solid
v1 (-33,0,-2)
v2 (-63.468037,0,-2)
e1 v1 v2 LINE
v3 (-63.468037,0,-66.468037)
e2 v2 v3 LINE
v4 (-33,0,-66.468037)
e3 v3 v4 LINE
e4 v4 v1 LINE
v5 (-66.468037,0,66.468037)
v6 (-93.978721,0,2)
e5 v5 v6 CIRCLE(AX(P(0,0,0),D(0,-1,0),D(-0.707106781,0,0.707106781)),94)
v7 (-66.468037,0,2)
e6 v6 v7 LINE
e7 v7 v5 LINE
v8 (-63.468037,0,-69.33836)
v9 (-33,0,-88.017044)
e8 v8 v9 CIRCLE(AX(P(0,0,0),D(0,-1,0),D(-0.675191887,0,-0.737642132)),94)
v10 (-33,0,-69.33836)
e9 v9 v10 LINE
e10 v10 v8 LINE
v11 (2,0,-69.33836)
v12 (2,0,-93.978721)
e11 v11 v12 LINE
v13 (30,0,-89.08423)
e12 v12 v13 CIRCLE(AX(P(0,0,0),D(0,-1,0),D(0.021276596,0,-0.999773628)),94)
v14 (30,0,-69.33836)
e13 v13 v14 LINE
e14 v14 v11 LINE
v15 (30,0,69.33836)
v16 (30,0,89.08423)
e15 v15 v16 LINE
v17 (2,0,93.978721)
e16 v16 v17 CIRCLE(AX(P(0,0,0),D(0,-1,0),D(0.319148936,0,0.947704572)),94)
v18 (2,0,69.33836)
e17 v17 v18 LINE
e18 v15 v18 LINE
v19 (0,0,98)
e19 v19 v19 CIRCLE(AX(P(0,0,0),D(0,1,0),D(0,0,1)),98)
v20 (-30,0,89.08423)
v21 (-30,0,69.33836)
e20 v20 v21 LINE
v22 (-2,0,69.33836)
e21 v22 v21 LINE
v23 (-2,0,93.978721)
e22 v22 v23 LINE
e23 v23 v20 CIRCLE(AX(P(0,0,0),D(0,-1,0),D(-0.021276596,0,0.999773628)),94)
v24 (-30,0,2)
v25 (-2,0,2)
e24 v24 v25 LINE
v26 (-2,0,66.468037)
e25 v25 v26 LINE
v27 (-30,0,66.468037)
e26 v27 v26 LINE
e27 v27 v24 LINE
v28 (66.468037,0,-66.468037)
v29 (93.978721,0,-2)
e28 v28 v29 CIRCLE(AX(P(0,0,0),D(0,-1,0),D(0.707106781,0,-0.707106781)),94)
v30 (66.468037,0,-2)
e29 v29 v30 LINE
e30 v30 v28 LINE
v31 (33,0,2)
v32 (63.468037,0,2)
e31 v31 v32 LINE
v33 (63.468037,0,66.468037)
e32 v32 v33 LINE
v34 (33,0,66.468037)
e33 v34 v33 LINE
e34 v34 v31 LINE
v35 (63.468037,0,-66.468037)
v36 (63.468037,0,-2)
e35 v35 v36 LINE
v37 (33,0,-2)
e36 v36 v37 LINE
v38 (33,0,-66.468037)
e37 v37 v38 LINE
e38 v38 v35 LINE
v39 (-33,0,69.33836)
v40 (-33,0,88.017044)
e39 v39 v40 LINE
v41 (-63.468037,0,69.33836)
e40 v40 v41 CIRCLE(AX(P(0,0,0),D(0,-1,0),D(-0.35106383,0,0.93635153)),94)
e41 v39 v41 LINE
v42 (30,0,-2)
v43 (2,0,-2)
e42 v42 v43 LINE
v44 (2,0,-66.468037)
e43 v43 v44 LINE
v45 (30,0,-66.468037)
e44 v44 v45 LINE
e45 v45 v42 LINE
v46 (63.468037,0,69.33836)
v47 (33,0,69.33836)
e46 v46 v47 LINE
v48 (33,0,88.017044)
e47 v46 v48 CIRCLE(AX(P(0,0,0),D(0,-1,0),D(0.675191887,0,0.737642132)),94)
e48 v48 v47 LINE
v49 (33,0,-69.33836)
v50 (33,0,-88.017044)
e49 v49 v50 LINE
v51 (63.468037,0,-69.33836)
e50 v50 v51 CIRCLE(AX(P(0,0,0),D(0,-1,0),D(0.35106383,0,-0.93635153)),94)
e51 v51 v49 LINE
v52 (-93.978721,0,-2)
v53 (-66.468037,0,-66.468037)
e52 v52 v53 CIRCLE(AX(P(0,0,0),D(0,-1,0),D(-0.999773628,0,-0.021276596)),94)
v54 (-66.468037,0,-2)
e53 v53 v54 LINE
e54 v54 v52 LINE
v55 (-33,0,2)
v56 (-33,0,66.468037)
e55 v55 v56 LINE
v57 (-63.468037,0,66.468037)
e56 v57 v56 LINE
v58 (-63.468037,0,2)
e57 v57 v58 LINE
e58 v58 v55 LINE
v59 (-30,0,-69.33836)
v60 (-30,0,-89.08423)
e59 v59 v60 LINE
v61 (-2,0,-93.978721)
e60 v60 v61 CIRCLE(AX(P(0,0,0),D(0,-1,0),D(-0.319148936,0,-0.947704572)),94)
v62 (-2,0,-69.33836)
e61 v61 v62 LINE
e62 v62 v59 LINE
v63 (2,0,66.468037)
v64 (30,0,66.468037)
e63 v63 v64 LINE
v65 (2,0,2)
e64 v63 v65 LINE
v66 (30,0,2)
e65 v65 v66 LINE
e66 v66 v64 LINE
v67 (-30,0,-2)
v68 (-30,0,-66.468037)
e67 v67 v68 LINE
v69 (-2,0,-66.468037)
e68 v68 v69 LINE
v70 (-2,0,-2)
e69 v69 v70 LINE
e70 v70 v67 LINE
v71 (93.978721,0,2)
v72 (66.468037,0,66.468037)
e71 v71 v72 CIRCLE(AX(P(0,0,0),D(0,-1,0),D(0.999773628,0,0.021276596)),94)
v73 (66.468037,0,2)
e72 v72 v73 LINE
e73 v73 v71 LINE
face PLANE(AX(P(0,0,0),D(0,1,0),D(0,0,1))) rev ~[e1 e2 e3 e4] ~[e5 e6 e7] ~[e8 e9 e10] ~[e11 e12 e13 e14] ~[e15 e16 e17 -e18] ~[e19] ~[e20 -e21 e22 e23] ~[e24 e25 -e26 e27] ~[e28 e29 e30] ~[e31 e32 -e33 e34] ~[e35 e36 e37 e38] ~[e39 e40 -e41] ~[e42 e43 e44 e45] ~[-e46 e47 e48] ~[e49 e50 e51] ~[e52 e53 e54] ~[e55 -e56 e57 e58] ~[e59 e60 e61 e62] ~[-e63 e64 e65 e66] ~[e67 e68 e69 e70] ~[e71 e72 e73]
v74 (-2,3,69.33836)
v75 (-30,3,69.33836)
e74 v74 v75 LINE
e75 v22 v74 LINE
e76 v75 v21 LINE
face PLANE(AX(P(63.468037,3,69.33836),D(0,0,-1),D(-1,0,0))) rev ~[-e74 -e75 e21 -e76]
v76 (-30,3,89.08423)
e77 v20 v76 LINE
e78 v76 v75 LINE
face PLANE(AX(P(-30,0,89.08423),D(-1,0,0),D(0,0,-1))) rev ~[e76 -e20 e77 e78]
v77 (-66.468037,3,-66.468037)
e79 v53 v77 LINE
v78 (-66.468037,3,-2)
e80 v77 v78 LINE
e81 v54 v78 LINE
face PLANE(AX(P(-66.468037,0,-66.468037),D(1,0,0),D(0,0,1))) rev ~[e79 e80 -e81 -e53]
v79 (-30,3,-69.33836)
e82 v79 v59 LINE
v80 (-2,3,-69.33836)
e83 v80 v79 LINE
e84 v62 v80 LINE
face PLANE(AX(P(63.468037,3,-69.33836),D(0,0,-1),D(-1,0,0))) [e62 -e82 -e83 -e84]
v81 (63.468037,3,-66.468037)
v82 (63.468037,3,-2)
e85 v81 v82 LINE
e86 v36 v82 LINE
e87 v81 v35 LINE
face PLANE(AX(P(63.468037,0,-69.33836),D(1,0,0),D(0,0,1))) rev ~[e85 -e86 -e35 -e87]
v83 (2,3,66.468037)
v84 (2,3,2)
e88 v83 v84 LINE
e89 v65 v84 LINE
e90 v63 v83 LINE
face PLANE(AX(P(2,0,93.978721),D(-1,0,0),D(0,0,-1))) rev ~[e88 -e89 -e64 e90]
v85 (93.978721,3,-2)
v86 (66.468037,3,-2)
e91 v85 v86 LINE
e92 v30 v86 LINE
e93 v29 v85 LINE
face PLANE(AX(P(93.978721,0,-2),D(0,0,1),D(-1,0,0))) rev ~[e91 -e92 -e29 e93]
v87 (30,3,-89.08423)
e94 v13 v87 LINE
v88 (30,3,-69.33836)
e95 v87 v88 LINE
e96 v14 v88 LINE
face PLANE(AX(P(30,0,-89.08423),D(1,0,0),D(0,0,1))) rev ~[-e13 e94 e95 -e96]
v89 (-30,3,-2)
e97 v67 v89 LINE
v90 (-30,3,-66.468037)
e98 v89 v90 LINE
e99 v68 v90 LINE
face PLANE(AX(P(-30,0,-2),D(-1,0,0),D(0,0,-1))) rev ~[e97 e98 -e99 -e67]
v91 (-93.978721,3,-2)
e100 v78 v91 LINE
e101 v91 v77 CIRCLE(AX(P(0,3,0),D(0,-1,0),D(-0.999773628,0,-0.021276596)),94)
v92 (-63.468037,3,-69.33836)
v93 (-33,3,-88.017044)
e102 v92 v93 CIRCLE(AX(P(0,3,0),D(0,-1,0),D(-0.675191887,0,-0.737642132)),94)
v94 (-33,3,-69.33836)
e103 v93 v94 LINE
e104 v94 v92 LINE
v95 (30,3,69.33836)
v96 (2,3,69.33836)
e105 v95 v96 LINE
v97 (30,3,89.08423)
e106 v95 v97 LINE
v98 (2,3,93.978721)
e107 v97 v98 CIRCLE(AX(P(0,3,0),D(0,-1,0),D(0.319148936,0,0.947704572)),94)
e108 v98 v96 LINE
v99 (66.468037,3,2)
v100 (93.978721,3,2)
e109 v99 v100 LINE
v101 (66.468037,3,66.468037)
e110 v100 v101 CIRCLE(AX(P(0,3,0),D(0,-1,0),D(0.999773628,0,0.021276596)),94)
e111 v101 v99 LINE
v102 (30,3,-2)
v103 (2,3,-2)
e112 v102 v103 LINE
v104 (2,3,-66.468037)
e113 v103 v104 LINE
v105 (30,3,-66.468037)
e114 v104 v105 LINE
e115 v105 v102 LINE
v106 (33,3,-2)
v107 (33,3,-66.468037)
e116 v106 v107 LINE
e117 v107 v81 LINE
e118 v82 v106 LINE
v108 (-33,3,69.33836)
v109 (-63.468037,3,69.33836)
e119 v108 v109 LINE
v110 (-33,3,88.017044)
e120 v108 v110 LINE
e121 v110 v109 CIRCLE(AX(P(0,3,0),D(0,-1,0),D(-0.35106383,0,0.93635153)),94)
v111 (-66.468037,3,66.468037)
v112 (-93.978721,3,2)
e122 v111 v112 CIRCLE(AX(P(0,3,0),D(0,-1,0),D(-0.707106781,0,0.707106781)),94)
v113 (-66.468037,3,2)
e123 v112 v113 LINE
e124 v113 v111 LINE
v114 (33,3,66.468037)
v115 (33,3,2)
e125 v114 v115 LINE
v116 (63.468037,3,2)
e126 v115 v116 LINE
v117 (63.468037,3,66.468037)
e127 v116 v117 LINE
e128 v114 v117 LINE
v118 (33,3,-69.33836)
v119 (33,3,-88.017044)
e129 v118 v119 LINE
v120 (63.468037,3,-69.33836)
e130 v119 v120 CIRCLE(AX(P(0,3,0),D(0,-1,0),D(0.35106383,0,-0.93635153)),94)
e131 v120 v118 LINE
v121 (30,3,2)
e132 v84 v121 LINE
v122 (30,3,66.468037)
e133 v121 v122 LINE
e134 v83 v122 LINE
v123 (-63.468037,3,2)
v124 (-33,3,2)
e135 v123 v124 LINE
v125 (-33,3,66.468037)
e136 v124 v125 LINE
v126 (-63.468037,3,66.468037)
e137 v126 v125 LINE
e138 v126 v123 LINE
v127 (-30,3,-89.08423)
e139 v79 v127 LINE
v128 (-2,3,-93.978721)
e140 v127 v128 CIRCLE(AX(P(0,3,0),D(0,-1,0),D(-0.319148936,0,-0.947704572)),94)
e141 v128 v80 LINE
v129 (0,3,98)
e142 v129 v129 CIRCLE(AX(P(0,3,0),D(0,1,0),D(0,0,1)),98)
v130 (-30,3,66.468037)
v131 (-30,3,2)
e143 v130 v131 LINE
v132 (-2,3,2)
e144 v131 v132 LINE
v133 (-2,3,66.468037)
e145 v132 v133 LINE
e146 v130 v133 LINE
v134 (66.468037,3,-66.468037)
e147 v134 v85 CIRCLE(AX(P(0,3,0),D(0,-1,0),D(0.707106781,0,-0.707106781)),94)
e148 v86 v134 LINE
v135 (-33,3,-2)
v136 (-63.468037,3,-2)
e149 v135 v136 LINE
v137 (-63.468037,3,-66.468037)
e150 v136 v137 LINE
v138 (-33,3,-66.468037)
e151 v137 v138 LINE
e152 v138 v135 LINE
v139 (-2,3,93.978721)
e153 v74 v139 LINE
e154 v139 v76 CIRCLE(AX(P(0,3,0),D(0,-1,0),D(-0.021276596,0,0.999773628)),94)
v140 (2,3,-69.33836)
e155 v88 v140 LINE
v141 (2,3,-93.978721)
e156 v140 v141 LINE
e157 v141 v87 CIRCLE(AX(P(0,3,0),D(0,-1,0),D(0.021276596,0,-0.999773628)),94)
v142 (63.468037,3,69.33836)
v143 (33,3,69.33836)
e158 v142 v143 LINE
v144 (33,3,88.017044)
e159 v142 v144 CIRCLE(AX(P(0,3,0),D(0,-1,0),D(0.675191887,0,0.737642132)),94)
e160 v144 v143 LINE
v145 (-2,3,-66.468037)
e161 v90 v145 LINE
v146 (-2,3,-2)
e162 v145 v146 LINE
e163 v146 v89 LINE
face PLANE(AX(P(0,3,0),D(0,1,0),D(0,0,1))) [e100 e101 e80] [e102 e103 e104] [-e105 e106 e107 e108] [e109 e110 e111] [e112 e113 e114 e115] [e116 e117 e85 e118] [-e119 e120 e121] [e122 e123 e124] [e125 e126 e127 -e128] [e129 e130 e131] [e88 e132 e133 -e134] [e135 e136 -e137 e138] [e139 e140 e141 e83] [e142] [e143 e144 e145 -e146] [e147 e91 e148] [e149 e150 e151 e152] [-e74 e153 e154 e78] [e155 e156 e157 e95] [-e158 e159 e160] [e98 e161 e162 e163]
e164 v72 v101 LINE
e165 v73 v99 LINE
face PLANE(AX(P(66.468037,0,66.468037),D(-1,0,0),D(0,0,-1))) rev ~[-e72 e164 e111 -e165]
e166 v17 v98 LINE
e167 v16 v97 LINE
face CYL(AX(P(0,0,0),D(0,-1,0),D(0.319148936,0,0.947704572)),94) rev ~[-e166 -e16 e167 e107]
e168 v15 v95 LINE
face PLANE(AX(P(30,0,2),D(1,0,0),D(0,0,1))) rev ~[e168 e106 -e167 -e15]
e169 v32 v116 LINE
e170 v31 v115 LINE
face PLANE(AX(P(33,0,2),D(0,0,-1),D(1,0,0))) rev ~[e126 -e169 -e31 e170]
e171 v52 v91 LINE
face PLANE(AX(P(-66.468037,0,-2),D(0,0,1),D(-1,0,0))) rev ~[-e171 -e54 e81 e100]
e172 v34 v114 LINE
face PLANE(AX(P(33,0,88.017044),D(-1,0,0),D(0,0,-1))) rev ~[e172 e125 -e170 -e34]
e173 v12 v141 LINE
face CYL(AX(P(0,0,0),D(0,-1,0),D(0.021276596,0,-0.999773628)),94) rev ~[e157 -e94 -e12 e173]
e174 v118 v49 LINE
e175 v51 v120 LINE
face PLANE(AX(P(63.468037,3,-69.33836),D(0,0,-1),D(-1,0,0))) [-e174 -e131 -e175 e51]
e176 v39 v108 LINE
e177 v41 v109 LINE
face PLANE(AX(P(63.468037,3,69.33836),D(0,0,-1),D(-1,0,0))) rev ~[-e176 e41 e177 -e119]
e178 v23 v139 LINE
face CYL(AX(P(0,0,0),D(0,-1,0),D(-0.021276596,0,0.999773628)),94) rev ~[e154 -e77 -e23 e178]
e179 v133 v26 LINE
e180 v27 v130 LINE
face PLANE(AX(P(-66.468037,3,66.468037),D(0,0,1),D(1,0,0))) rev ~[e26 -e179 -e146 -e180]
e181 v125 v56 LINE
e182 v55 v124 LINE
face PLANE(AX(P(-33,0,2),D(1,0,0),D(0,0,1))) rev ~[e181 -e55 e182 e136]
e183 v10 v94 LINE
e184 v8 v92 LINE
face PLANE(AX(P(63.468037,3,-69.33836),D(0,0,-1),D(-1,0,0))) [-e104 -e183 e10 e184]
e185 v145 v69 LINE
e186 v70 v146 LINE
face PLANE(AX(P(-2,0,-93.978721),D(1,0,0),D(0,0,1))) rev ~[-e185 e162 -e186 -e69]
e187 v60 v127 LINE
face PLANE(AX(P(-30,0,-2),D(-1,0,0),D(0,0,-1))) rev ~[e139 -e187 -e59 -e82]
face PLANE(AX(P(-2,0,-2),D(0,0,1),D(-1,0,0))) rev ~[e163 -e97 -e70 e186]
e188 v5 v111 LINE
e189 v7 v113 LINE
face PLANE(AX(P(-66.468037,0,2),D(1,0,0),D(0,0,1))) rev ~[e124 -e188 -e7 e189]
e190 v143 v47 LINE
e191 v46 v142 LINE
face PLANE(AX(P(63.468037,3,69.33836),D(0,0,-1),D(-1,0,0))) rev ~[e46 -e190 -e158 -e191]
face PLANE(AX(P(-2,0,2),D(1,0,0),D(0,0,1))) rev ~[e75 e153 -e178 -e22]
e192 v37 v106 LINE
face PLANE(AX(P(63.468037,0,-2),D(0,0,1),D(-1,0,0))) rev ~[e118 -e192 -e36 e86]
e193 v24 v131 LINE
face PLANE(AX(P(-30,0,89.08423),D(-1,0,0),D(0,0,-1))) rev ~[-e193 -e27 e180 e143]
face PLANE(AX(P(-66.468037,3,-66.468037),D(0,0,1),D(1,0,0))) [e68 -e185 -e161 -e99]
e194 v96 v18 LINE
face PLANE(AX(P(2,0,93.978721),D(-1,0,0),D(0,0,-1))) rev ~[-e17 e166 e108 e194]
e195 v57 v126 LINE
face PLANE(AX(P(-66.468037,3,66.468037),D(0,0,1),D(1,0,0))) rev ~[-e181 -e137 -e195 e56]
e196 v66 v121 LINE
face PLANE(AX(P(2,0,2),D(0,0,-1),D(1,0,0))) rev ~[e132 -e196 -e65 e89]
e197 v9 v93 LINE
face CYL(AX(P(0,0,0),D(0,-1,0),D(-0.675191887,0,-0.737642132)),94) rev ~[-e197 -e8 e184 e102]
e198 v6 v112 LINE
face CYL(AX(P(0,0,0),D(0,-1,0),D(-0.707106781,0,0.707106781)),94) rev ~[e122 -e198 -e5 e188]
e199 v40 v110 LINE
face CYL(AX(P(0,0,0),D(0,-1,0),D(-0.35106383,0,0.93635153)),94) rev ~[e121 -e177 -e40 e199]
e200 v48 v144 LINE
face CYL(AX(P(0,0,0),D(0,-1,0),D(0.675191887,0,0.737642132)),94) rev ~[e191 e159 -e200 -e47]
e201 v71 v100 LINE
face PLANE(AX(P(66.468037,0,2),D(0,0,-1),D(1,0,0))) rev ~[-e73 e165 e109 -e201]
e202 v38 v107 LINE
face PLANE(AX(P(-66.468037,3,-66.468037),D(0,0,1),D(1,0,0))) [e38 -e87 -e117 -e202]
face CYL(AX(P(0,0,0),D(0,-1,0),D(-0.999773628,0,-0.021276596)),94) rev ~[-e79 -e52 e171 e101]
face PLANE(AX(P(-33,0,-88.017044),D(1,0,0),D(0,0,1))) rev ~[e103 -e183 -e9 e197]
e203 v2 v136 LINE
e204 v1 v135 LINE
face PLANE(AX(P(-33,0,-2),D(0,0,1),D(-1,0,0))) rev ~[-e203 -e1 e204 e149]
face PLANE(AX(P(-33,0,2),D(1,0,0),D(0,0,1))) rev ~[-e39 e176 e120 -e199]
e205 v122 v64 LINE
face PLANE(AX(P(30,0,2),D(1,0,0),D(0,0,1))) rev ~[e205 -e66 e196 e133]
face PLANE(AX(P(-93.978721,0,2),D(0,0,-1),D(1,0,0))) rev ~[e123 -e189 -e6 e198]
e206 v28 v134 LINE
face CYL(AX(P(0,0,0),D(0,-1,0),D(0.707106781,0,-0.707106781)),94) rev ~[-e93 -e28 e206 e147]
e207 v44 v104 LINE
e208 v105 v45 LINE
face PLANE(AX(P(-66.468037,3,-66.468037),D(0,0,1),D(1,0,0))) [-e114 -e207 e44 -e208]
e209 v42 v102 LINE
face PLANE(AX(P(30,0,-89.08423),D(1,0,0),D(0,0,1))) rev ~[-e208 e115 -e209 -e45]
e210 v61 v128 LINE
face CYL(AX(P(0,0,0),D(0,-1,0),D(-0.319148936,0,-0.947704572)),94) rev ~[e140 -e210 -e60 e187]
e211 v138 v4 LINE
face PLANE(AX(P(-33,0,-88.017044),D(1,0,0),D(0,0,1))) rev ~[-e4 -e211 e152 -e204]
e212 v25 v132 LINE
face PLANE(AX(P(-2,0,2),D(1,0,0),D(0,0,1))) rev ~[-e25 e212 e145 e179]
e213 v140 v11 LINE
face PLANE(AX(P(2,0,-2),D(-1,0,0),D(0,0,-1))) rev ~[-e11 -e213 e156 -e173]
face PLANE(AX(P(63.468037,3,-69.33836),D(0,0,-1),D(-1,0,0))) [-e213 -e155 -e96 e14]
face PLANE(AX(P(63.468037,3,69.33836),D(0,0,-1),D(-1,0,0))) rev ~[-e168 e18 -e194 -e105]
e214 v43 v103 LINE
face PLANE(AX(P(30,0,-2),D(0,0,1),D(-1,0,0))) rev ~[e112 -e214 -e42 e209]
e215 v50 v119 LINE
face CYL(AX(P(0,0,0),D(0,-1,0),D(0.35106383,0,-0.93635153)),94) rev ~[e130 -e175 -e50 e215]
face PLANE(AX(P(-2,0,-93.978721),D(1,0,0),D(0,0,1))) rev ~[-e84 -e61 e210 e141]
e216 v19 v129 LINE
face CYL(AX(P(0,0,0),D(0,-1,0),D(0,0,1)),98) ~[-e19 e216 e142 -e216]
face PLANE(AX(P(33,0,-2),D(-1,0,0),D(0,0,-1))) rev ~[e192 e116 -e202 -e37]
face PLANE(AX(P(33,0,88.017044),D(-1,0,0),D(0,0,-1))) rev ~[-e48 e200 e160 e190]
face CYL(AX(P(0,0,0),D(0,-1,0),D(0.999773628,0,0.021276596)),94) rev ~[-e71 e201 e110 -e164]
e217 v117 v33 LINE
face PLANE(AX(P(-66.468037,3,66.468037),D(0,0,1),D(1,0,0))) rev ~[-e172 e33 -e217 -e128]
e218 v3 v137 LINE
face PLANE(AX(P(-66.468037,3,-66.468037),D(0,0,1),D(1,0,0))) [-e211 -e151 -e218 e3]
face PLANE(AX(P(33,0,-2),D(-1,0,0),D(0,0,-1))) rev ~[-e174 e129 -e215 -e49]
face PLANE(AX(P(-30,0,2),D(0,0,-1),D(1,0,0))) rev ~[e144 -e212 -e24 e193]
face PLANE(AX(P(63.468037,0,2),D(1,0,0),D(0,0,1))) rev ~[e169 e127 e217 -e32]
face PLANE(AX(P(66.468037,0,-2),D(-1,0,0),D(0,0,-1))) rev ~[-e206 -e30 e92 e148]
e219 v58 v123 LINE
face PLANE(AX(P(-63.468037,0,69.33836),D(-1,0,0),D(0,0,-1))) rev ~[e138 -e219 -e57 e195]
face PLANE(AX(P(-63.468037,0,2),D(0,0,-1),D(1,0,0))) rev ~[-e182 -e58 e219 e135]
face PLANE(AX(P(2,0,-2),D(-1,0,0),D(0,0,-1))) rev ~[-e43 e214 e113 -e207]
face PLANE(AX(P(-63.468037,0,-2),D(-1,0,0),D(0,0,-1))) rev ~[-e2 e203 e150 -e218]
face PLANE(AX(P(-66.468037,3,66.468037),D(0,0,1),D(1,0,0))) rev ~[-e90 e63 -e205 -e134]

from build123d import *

# Parameters (mm, degrees)
SKETCH_1_R      = 98
EXTRUDE_1_DEPTH = 3
EXTRUDE_2_DEPTH = 3


with BuildPart() as part:
    # 草图1 → 凸台-拉伸1 (new body)
    with BuildSketch(Plane(origin=(0, 0, 0), x_dir=(1, 0, 0), z_dir=(0, 1, 0))):
        with Locations(Location((0, 0, 0), (0, 0, 270))):
            Circle(SKETCH_1_R)
        with BuildLine():
            ThreePointArc((-66.468037432, -66.468037432), (-86.457056016, -36.894138626), (-93.978720996, -2))
            Line((-93.978720996, -2), (-66.468037432, -2))
            Line((-66.468037432, -2), (-66.468037432, -66.468037432))
        make_face(mode=Mode.SUBTRACT)
        with BuildLine():
            Line((-63.468037432, -2), (-33, -2))
            Line((-33, -2), (-33, -88.017043804))
            ThreePointArc((-33, -88.017043804), (-49.129867339, -80.138980123), (-63.468037432, -69.338360412))
            Line((-63.468037432, -69.338360412), (-63.468037432, -2))
        make_face(mode=Mode.SUBTRACT)
        with BuildLine():
            Line((-30, -2), (-2, -2))
            Line((-2, -2), (-2, -93.978720996))
            ThreePointArc((-2, -93.978720996), (-16.186074601, -92.595955576), (-30, -89.084229805))
            Line((-30, -89.084229805), (-30, -2))
        make_face(mode=Mode.SUBTRACT)
        with BuildLine():
            Line((2, -93.978720996), (2, -2))
            Line((2, -2), (30, -2))
            Line((30, -2), (30, -89.084229805))
            ThreePointArc((30, -89.084229805), (16.186074601, -92.595955576), (2, -93.978720996))
        make_face(mode=Mode.SUBTRACT)
        with BuildLine():
            Line((33, -2), (63.468037432, -2))
            Line((63.468037432, -2), (63.468037432, -69.338360412))
            ThreePointArc((63.468037432, -69.338360412), (49.129867339, -80.138980123), (33, -88.017043804))
            Line((33, -88.017043804), (33, -2))
        make_face(mode=Mode.SUBTRACT)
        with BuildLine():
            ThreePointArc((93.978720996, -2), (86.457056016, -36.894138626), (66.468037432, -66.468037432))
            Line((66.468037432, -66.468037432), (66.468037432, -2))
            Line((66.468037432, -2), (93.978720996, -2))
        make_face(mode=Mode.SUBTRACT)
        with BuildLine():
            Line((-66.468037432, 2), (-93.978720996, 2))
            ThreePointArc((-93.978720996, 2), (-86.457056016, 36.894138626), (-66.468037432, 66.468037432))
            Line((-66.468037432, 66.468037432), (-66.468037432, 2))
        make_face(mode=Mode.SUBTRACT)
        with BuildLine():
            Line((-33, 2), (-63.468037432, 2))
            Line((-63.468037432, 2), (-63.468037432, 69.338360412))
            ThreePointArc((-63.468037432, 69.338360412), (-49.129867339, 80.138980123), (-33, 88.017043804))
            Line((-33, 88.017043804), (-33, 2))
        make_face(mode=Mode.SUBTRACT)
        with BuildLine():
            Line((-2, 2), (-30, 2))
            Line((-30, 2), (-30, 89.084229805))
            ThreePointArc((-30, 89.084229805), (-16.186074601, 92.595955576), (-2, 93.978720996))
            Line((-2, 93.978720996), (-2, 2))
        make_face(mode=Mode.SUBTRACT)
        with BuildLine():
            Line((30, 2), (2, 2))
            Line((2, 2), (2, 93.978720996))
            ThreePointArc((2, 93.978720996), (16.186074601, 92.595955576), (30, 89.084229805))
            Line((30, 89.084229805), (30, 2))
        make_face(mode=Mode.SUBTRACT)
        with BuildLine():
            Line((63.468037432, 2), (33, 2))
            Line((33, 2), (33, 88.017043804))
            ThreePointArc((33, 88.017043804), (49.129867339, 80.138980123), (63.468037432, 69.338360412))
            Line((63.468037432, 69.338360412), (63.468037432, 2))
        make_face(mode=Mode.SUBTRACT)
        with BuildLine():
            Line((93.978720996, 2), (66.468037432, 2))
            Line((66.468037432, 2), (66.468037432, 66.468037432))
            ThreePointArc((66.468037432, 66.468037432), (86.457056016, 36.894138626), (93.978720996, 2))
        make_face(mode=Mode.SUBTRACT)
    extrude(amount=EXTRUDE_1_DEPTH)

    # 草图2 → 凸台-拉伸2 (add)
    with BuildSketch(Plane(origin=(0, 3, 0), x_dir=(1, 0, 0), z_dir=(0, 1, 0))):
        Polygon((-66.468037432, 66.468037432), (66.468037432, 66.468037432), (63.468037432, 69.338360412), (-63.468037432, 69.338360412), align=None)
        Polygon((-66.468037432, -66.468037432), (66.468037432, -66.468037432), (63.468037432, -69.338360412), (-63.468037432, -69.338360412), align=None)
    extrude(amount=-EXTRUDE_2_DEPTH)


solid = part.part
